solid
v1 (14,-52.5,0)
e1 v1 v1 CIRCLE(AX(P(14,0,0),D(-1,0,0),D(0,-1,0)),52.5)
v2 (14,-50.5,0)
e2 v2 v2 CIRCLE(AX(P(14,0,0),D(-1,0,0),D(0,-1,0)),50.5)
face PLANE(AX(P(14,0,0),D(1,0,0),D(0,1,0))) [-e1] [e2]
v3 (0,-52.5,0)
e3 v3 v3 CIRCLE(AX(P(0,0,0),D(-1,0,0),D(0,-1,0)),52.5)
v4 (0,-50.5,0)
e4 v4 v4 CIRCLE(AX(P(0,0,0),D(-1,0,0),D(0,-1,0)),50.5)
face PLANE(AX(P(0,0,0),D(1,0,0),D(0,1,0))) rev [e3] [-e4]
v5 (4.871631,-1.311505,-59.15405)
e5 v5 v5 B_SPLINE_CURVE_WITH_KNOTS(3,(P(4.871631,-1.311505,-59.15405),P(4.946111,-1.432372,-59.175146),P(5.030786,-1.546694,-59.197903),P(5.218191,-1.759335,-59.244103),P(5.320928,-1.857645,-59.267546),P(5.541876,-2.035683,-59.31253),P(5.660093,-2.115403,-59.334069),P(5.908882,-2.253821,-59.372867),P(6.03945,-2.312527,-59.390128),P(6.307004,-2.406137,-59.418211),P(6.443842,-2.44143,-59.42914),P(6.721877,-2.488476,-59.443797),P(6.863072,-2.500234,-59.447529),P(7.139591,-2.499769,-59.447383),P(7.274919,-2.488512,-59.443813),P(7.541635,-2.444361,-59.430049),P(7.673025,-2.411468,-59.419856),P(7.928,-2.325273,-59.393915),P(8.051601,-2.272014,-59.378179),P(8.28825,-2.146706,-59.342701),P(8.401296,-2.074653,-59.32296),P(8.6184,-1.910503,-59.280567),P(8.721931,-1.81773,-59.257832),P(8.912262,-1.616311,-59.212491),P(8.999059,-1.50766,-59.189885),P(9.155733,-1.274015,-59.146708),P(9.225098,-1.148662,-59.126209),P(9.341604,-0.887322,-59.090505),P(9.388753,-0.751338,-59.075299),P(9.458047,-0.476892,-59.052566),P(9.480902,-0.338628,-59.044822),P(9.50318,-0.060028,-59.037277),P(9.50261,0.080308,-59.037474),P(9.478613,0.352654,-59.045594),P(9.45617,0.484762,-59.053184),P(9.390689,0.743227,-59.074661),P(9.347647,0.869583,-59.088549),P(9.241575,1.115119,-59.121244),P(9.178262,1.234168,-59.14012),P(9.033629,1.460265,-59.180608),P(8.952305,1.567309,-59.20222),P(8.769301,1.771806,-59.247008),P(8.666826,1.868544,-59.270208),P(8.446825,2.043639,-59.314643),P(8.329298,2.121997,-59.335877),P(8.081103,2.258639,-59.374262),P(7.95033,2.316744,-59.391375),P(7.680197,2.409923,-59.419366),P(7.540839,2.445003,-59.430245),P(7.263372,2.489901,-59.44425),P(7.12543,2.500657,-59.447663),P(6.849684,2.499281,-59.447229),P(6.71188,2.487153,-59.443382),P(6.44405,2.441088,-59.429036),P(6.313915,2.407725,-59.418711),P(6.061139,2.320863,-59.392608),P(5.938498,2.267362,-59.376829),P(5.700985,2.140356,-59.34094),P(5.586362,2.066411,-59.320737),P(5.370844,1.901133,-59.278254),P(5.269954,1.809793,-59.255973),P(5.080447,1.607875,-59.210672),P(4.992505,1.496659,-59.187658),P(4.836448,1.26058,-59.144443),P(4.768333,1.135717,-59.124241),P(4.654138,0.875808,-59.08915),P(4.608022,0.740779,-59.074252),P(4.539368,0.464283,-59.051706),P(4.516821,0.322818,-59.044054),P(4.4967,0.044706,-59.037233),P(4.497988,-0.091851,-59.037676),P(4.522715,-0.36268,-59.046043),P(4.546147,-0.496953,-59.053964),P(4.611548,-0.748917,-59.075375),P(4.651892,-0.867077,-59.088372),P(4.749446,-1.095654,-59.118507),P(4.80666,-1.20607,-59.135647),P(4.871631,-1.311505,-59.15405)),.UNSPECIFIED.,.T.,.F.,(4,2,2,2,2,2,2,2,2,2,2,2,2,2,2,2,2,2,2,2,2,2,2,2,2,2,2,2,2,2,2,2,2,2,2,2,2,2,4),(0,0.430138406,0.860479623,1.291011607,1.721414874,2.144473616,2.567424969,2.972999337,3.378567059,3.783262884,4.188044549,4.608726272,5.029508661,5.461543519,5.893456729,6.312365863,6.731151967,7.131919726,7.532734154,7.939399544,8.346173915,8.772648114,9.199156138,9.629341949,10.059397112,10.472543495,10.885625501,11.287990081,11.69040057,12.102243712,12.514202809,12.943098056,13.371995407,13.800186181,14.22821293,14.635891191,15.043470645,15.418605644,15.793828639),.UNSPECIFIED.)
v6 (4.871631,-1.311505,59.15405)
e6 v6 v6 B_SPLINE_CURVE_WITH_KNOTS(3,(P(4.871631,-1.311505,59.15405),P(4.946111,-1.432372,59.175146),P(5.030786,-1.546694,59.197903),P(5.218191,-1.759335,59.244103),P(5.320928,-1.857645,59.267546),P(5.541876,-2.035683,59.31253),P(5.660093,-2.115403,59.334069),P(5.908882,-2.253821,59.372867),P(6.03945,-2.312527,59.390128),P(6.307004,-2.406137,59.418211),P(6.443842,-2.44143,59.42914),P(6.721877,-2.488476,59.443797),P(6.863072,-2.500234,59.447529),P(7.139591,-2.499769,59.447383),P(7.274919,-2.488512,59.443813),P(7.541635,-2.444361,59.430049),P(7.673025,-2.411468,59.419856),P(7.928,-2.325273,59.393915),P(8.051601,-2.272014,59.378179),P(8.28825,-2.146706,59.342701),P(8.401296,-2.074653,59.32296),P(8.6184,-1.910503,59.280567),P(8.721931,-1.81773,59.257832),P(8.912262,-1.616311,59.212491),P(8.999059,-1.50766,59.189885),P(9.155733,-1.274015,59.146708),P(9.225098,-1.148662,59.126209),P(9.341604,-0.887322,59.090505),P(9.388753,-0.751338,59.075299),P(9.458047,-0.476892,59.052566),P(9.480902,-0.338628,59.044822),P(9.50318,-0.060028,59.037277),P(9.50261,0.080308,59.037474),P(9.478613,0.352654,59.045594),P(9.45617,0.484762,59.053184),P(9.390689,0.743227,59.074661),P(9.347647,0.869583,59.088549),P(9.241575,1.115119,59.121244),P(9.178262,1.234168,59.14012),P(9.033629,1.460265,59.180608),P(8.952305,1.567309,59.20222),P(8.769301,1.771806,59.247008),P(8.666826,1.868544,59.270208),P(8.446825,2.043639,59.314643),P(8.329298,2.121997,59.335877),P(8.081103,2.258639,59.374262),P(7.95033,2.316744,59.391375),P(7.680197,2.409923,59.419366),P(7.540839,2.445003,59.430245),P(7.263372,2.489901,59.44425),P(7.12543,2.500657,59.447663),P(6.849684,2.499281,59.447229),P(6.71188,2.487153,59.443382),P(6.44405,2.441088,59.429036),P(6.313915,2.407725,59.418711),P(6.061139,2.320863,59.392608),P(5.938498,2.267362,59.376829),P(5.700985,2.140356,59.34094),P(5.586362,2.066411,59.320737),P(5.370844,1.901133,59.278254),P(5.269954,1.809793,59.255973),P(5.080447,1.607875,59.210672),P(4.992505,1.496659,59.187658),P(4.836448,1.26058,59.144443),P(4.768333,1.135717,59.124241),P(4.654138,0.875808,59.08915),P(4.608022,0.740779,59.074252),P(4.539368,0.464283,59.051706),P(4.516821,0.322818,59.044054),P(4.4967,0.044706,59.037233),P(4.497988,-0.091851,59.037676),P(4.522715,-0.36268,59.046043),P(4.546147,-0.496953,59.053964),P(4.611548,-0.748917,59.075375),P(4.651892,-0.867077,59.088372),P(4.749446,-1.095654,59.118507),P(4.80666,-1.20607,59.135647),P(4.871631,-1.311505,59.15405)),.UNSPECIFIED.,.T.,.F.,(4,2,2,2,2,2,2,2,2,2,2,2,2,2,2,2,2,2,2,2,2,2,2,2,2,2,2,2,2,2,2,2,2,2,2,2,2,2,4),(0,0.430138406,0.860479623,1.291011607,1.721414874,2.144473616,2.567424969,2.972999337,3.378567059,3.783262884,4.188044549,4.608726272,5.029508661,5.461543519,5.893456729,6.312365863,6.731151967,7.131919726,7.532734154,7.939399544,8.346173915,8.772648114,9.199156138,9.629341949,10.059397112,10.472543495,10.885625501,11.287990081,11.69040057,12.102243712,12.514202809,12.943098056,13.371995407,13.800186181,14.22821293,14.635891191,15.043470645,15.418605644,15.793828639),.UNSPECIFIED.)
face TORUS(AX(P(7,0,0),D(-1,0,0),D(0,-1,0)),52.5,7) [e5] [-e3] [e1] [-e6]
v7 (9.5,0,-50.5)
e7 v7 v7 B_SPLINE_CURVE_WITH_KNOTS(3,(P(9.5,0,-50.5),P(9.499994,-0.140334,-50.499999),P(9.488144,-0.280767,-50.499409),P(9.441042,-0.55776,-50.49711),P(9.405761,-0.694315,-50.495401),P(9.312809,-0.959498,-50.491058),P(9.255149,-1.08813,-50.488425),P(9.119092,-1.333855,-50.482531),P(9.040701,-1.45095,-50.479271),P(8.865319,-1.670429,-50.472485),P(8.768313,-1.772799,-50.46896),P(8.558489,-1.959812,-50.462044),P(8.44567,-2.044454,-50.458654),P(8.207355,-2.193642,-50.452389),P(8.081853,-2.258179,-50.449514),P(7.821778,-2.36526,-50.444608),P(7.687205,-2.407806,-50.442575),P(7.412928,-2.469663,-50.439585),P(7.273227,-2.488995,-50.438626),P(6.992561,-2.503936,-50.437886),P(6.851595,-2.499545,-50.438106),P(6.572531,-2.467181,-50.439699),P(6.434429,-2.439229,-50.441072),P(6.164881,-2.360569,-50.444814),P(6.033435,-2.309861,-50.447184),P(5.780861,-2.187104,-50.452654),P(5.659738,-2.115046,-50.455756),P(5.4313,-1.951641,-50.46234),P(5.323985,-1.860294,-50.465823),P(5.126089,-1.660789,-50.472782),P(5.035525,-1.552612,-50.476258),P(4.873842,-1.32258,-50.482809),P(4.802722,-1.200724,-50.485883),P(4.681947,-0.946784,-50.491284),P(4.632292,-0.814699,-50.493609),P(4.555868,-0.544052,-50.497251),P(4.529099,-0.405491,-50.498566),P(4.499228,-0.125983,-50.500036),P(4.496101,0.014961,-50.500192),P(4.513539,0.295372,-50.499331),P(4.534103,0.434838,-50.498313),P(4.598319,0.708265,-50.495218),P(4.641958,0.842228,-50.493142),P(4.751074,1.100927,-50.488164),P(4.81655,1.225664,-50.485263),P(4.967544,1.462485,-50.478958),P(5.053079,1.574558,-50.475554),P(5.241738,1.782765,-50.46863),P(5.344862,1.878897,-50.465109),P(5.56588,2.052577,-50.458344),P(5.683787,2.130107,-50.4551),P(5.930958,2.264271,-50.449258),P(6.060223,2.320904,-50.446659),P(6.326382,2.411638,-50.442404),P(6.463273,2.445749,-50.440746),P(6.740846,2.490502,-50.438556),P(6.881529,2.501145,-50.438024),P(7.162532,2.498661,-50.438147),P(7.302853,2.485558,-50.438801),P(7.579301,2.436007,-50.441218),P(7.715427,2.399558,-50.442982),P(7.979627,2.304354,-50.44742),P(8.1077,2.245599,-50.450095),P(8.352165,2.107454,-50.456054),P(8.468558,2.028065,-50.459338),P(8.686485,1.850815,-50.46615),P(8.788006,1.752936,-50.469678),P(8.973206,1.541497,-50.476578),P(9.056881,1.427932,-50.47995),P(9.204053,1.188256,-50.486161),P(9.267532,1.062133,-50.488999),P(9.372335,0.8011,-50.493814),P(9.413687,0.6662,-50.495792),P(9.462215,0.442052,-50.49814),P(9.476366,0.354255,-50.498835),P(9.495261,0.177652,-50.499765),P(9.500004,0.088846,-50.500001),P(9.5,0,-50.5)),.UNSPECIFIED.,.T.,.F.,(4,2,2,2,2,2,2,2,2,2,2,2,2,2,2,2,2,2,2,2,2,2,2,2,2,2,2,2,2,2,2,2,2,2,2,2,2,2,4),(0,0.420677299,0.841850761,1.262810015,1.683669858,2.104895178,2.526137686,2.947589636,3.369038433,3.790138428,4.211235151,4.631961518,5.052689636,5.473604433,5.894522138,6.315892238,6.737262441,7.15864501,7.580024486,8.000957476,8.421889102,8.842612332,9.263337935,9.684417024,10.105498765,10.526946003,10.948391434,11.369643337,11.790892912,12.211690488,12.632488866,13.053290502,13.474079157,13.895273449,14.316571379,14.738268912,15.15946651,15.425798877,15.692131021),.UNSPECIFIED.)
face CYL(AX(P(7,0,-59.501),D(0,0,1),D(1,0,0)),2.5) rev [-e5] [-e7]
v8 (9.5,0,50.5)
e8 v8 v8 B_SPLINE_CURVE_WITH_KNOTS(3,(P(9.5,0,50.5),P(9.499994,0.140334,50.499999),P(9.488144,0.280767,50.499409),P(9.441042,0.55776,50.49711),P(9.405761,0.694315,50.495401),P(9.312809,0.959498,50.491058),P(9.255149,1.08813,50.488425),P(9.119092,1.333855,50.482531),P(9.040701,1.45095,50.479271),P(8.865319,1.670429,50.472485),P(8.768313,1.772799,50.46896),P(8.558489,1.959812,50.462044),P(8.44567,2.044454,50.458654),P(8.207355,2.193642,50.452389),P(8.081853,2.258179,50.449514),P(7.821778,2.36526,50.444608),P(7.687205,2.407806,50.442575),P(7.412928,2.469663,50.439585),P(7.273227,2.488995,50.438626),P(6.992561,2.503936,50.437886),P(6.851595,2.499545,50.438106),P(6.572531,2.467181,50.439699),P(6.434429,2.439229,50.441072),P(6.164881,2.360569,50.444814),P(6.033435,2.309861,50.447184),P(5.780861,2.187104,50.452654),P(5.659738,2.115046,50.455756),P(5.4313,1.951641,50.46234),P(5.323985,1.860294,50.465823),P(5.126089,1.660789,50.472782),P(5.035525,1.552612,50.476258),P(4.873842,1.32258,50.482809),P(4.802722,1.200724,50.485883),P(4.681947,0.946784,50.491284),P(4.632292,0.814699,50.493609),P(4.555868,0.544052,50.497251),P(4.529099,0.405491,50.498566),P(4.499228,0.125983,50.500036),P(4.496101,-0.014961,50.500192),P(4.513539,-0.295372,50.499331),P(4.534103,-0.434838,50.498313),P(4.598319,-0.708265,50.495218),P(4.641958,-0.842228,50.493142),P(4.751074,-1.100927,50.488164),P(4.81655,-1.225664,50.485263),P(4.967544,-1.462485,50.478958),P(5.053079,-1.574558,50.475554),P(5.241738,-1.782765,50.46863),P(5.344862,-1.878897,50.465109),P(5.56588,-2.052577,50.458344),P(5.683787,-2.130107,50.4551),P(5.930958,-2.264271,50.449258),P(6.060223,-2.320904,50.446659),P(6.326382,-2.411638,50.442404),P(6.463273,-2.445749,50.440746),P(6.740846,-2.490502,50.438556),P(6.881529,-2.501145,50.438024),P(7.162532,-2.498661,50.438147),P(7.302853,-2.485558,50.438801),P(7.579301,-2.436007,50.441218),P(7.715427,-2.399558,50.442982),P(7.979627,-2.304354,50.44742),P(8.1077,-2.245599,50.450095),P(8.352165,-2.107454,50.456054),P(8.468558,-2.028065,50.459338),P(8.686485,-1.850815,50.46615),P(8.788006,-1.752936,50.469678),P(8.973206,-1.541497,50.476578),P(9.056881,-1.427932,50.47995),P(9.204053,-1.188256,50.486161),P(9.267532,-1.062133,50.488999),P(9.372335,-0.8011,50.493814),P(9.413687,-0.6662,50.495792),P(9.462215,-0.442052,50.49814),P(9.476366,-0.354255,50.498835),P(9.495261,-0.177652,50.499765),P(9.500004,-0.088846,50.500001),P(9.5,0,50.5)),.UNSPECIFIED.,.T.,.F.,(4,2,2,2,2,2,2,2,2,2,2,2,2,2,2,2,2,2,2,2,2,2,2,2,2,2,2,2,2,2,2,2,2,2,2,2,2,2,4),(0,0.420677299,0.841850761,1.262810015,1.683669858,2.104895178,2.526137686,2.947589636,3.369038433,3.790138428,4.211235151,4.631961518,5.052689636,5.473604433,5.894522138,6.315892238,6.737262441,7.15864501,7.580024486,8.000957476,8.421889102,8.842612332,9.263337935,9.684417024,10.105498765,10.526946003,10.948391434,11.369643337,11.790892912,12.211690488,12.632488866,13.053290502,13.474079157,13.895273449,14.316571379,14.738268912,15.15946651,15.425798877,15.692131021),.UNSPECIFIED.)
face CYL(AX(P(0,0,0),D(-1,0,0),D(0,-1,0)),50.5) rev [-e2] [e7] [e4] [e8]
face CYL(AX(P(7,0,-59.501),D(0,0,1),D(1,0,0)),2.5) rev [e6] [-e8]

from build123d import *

# Parameters (mm, degrees)
SKETCH1_W                      = 14
SKETCH1_H                      = 2
CUT_EXTRUDE1_REACH             = 61.5
SKETCH1_3_R                    = 2.5
CUT_EXTRUDE1_DIRECTION_2_REACH = 61.5


with BuildPart() as part:
    # Sketch1 → Revolve1 (revolve)
    with BuildSketch(Plane.XY):
        with Locations((7, 51.5)):
            Rectangle(SKETCH1_W, SKETCH1_H)
        with BuildLine():
            ThreePointArc((0, 52.5), (7, 59.5), (14, 52.5))
            Line((14, 52.5), (0, 52.5))
        make_face()
    revolve(axis=Axis((0, 0, 0), (1, 0, 0)))

    # Sketch1<3> → Cut-Extrude1 (cut, up to next)
    with BuildSketch(Plane.XY, mode=Mode.PRIVATE) as cut_extrude1_sk1:
        with Locations((7, 0)):
            Circle(SKETCH1_3_R)
    cut_extrude1_tool1 = extrude(cut_extrude1_sk1.sketch, amount=-CUT_EXTRUDE1_REACH, mode=Mode.PRIVATE) & part.part
    add(cut_extrude1_tool1.solids().sort_by_distance((7, 0, 0))[0], mode=Mode.SUBTRACT)

    # Sketch1<3> → Cut-Extrude1 direction 2 (cut, up to next)
    with BuildSketch(Plane.XY, mode=Mode.PRIVATE) as cut_extrude1_direction_2_sk1:
        with Locations((7, 0)):
            Circle(SKETCH1_3_R)
    cut_extrude1_direction_2_tool1 = extrude(cut_extrude1_direction_2_sk1.sketch, amount=CUT_EXTRUDE1_DIRECTION_2_REACH, mode=Mode.PRIVATE) & part.part
    add(cut_extrude1_direction_2_tool1.solids().sort_by_distance((7, 0, 0))[0], mode=Mode.SUBTRACT)


solid = part.part
